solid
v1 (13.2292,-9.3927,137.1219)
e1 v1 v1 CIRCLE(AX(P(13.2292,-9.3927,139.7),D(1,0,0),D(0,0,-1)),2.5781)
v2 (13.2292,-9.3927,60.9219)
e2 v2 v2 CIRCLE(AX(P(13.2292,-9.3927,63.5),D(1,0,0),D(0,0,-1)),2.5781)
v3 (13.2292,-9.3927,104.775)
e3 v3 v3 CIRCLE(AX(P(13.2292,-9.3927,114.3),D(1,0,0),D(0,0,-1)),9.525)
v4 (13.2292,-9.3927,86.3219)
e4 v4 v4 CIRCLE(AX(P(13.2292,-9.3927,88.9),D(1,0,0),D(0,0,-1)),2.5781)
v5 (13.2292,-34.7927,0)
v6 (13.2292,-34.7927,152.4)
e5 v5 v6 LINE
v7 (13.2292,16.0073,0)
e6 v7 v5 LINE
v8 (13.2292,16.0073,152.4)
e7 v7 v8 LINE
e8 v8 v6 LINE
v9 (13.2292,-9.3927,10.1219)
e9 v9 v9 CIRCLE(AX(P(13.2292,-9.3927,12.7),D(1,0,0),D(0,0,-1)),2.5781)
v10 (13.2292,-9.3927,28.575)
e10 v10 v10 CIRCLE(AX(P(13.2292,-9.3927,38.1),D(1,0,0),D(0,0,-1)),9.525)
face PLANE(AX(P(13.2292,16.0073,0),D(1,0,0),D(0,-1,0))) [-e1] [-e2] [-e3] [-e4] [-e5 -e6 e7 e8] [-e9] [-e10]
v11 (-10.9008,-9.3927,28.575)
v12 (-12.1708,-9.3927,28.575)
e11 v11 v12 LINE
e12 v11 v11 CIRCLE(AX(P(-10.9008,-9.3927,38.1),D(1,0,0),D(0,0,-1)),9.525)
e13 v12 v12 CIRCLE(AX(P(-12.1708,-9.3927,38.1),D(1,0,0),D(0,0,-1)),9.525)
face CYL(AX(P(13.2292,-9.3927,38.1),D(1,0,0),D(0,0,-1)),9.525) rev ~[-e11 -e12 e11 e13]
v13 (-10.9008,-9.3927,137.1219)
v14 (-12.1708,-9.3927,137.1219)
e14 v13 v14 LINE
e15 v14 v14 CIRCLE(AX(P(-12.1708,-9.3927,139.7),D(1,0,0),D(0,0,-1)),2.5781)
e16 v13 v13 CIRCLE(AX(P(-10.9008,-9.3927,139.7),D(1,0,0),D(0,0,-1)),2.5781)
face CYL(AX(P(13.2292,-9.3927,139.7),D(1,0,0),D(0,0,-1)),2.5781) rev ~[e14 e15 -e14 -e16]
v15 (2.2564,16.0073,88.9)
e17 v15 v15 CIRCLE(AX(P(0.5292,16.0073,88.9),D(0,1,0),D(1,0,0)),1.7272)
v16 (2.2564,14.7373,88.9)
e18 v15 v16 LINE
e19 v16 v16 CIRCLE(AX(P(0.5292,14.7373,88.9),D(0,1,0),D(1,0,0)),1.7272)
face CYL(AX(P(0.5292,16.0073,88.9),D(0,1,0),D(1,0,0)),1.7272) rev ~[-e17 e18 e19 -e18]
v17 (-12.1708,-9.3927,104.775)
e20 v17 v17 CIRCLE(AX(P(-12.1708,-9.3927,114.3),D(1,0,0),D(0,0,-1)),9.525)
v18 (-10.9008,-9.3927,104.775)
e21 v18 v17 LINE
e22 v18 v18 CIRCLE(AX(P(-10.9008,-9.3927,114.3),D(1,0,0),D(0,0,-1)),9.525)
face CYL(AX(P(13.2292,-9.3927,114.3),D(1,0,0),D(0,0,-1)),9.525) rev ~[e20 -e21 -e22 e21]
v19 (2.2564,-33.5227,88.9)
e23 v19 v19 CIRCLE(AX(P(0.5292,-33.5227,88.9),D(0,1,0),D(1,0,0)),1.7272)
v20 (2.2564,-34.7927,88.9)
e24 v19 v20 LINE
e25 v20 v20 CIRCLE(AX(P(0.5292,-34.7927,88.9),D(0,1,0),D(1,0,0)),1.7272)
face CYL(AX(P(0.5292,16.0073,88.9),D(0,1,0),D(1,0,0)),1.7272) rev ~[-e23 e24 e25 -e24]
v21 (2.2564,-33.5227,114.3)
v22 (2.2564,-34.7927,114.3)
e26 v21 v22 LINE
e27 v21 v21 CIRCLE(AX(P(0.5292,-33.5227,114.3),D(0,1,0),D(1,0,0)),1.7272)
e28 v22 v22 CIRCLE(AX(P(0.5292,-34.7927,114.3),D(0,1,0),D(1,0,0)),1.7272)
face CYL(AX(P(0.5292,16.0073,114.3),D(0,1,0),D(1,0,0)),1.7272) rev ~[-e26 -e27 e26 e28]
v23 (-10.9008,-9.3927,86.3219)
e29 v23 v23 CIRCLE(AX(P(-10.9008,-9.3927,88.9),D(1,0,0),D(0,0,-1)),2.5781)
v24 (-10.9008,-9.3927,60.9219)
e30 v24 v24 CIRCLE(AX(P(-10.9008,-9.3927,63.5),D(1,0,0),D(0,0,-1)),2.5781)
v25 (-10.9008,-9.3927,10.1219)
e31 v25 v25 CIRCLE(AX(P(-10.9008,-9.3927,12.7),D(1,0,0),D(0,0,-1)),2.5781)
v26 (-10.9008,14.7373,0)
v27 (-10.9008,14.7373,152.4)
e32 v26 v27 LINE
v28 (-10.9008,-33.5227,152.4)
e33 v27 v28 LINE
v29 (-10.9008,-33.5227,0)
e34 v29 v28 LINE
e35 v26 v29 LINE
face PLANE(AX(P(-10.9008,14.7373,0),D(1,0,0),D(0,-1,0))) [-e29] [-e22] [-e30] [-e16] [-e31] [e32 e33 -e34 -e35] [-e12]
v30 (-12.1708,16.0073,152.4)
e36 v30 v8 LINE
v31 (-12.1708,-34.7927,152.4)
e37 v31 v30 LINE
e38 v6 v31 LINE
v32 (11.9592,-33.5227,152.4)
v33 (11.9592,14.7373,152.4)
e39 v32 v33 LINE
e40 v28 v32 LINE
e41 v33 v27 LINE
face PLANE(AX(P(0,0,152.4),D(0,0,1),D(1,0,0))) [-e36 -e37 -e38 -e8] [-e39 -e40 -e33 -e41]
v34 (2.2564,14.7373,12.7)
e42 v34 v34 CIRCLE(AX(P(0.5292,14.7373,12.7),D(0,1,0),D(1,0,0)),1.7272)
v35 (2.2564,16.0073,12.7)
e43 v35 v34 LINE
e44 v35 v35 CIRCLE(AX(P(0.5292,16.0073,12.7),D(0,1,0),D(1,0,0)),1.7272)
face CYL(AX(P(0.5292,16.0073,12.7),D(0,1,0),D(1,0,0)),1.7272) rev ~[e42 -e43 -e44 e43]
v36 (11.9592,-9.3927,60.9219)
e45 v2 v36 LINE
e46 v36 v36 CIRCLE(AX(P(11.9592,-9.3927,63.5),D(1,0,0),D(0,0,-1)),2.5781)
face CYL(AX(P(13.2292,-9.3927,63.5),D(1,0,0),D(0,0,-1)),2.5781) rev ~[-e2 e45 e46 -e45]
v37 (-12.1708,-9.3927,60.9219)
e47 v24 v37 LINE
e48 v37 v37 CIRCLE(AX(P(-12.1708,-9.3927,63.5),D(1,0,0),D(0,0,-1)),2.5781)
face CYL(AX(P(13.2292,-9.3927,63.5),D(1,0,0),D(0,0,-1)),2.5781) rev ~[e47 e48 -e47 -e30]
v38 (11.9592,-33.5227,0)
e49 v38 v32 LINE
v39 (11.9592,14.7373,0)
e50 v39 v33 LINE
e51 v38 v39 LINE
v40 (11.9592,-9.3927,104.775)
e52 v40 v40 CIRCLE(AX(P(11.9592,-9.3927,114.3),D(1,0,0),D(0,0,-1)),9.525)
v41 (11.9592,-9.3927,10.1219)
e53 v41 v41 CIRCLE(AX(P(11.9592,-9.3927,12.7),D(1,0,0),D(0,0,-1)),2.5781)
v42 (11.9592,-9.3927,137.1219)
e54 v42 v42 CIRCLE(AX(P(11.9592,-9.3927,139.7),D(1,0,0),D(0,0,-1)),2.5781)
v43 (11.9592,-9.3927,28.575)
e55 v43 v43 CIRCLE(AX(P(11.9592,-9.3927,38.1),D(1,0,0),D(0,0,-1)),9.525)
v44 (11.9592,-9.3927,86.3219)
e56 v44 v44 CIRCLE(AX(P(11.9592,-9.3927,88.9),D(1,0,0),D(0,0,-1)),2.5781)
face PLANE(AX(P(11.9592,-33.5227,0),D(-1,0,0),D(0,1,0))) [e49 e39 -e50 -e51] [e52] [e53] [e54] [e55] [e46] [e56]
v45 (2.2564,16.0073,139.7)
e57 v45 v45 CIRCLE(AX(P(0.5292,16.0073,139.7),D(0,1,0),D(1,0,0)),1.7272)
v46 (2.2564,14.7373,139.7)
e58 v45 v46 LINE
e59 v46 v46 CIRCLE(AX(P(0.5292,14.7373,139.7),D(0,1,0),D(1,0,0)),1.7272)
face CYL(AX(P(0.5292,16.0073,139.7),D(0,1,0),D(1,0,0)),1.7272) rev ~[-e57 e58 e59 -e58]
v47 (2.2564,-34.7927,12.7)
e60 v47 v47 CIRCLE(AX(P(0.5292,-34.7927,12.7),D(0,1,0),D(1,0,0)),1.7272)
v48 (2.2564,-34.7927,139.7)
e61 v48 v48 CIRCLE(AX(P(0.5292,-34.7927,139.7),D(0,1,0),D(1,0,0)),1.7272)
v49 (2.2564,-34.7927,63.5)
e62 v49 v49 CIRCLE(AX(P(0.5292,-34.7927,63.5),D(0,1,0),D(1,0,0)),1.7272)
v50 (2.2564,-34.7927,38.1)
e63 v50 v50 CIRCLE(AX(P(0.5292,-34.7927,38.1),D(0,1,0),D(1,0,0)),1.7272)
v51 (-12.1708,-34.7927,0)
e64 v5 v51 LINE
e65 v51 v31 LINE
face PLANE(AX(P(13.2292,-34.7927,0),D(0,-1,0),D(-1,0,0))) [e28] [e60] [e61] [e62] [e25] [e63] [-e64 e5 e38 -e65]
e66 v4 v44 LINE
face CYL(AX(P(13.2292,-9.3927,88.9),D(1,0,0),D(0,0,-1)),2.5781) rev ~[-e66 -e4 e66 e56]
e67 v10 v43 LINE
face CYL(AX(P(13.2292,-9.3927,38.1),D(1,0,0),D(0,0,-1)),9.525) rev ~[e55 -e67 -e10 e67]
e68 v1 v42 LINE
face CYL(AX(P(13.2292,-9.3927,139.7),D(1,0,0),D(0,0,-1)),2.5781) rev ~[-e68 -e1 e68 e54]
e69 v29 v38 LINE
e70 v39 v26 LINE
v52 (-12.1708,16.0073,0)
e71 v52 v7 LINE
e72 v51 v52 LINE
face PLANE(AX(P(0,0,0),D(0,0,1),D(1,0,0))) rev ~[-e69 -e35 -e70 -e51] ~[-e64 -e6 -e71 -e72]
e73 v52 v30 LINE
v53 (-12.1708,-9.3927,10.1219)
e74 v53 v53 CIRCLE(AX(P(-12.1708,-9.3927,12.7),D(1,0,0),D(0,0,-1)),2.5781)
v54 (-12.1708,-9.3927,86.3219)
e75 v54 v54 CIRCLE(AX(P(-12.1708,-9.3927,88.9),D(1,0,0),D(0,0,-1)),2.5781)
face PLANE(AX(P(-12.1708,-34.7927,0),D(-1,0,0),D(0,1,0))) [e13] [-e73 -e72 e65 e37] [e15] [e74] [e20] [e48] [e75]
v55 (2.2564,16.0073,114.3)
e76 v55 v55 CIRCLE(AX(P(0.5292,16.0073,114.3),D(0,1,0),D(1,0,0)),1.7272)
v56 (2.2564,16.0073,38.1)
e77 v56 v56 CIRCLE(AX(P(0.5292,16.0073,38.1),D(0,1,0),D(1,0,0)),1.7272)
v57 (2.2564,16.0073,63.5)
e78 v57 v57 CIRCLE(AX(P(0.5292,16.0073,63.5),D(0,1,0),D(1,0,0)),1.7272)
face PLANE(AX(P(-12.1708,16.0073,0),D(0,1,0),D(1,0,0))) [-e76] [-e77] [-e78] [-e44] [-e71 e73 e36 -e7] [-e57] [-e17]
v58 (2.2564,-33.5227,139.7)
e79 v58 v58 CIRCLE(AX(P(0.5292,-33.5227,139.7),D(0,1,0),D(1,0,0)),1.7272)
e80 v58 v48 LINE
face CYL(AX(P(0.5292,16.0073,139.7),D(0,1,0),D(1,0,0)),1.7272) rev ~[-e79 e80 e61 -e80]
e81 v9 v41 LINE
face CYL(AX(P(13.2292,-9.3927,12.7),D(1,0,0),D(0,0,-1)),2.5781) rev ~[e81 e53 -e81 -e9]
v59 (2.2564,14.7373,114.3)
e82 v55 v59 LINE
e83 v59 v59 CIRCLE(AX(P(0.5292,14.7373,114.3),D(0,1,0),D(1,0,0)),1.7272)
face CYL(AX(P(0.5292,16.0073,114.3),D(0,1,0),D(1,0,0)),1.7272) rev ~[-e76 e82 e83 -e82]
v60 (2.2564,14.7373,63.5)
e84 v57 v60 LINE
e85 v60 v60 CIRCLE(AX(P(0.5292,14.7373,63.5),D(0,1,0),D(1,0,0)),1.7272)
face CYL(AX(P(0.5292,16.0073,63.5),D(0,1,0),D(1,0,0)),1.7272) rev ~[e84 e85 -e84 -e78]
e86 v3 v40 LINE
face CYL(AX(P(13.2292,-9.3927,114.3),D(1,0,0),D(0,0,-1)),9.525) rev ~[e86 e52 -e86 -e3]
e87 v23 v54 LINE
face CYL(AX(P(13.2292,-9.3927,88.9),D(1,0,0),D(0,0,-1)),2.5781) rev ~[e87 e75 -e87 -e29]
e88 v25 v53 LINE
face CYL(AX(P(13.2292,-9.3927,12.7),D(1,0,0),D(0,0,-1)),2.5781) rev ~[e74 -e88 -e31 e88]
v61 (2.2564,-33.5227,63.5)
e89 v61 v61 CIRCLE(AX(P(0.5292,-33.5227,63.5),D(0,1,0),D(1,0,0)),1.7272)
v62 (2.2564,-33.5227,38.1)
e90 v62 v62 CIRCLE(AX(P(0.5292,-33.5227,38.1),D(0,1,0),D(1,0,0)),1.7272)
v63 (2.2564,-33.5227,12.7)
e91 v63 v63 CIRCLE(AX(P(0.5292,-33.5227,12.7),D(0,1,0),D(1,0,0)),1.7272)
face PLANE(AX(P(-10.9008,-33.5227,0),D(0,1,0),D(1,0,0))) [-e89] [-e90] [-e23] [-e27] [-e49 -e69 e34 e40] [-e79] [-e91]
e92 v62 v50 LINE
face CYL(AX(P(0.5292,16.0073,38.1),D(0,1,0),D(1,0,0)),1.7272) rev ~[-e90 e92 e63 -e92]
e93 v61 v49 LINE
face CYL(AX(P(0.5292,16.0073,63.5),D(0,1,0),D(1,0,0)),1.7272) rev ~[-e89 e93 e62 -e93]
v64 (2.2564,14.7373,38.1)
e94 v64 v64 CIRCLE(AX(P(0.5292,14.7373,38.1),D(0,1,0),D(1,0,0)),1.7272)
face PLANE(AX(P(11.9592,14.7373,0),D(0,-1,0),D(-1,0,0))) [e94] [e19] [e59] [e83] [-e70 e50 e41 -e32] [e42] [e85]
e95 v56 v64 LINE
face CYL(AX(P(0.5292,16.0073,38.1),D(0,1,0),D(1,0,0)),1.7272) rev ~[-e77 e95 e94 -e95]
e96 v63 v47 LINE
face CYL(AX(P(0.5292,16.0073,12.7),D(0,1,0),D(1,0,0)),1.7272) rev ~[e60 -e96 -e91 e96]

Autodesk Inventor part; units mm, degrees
ref_plane "YZ Plane" through (0, 0, 0) normal (1, 0, 0) x (0, 1, 0)
ref_plane "XZ Plane" through (0, 0, 0) normal (0, 1, 0) x (-1, 0, 0)
ref_plane "XY Plane" through (0, 0, 0) normal (0, 0, 1) x (1, 0, 0)
sketch "Sketch1" plane through (0, 0, 0) normal (0, 0, 1) x (1, 0, 0)
  line L0 (-12.1708, 16.0073) -> (13.2292, 16.0073)
  line L1 (13.2292, 16.0073) -> (13.2292, -34.7927)
  line L2 (13.2292, -34.7927) -> (-12.1708, -34.7927)
  line L3 (-12.1708, -34.7927) -> (-12.1708, 16.0073)
  line L4 (11.9592, 14.7373) -> (-10.9008, 14.7373)
  line L5 (-10.9008, 14.7373) -> (-10.9008, -33.5227)
  line L6 (-10.9008, -33.5227) -> (11.9592, -33.5227)
  line L7 (11.9592, -33.5227) -> (11.9592, 14.7373)
  point P0 (0, 0)
  dimension "d0" = 25.4
  dimension "d1" = 50.8
  dimension "d2" = 1.27
extrude "Extrusion1" add sketch "Sketch1" along normal blind 152.4
sketch "Sketch2" plane through (-12.1708, 16.0073, 0) normal (0, 1, 0) x (1, 0, 0)
  circle A0 centre (12.7, -12.7) radius 1.7272
  line L0 (25.4, 0) -> (0, 0) projected
  line L1 (0, 0) -> (0, -152.4) projected
  point P0 (12.1708, 0)
  dimension "d5" = 3.4544
  dimension "d6" = 12.7
  dimension "d7" = 12.7
extrude "Extrusion2" cut sketch "Sketch2" against normal through all
pattern_linear "Rectangular Pattern1" count 15 spacing 25.4 along (0, 0, 1) of "Extrusion2"
sketch "Sketch3" plane through (13.2292, -34.7927, 0) normal (1, 0, 0) x (0, 0, -1)
  circle A0 centre (-38.1, 25.4) radius 9.525
  circle A1 centre (-12.7, 25.4) radius 2.5781
  circle A2 centre (-63.5, 25.4) radius 2.5781
  line L0 (0, 0) -> (0, 50.8) projected
  circle A3 centre (-114.3, 25.4) radius 9.525
  circle A4 centre (-88.9, 25.4) radius 2.5781
  circle A5 centre (-139.7, 25.4) radius 2.5781
  line L1 (-152.4, 0) -> (-152.4, 50.8) projected
  line L2 (0, 0) -> (-152.4, 0) projected
  line L3 (0, 50.8) -> (-152.4, 50.8) construction
  line L4 (-76.2, 50.8) -> (-76.2, 0) construction
  point P0 (0, 34.7927)
  dimension "d15" = 19.05
  dimension "d16" = 5.1562
  dimension "d17" = 5.1562
  dimension "d18" = 25.4
  dimension "d19" = 25.4
  dimension "d20" = 38.1
  dimension "d32" = 152.4
extrude "Extrusion3" cut sketch "Sketch3" against normal through all
equation "\"d3\" = d13"
equation "\"d10\" = d14"
equation "\"d13\" = 152.4"
equation "\"d14\" = d13"
properties part number "VersaFrame-Driver"
